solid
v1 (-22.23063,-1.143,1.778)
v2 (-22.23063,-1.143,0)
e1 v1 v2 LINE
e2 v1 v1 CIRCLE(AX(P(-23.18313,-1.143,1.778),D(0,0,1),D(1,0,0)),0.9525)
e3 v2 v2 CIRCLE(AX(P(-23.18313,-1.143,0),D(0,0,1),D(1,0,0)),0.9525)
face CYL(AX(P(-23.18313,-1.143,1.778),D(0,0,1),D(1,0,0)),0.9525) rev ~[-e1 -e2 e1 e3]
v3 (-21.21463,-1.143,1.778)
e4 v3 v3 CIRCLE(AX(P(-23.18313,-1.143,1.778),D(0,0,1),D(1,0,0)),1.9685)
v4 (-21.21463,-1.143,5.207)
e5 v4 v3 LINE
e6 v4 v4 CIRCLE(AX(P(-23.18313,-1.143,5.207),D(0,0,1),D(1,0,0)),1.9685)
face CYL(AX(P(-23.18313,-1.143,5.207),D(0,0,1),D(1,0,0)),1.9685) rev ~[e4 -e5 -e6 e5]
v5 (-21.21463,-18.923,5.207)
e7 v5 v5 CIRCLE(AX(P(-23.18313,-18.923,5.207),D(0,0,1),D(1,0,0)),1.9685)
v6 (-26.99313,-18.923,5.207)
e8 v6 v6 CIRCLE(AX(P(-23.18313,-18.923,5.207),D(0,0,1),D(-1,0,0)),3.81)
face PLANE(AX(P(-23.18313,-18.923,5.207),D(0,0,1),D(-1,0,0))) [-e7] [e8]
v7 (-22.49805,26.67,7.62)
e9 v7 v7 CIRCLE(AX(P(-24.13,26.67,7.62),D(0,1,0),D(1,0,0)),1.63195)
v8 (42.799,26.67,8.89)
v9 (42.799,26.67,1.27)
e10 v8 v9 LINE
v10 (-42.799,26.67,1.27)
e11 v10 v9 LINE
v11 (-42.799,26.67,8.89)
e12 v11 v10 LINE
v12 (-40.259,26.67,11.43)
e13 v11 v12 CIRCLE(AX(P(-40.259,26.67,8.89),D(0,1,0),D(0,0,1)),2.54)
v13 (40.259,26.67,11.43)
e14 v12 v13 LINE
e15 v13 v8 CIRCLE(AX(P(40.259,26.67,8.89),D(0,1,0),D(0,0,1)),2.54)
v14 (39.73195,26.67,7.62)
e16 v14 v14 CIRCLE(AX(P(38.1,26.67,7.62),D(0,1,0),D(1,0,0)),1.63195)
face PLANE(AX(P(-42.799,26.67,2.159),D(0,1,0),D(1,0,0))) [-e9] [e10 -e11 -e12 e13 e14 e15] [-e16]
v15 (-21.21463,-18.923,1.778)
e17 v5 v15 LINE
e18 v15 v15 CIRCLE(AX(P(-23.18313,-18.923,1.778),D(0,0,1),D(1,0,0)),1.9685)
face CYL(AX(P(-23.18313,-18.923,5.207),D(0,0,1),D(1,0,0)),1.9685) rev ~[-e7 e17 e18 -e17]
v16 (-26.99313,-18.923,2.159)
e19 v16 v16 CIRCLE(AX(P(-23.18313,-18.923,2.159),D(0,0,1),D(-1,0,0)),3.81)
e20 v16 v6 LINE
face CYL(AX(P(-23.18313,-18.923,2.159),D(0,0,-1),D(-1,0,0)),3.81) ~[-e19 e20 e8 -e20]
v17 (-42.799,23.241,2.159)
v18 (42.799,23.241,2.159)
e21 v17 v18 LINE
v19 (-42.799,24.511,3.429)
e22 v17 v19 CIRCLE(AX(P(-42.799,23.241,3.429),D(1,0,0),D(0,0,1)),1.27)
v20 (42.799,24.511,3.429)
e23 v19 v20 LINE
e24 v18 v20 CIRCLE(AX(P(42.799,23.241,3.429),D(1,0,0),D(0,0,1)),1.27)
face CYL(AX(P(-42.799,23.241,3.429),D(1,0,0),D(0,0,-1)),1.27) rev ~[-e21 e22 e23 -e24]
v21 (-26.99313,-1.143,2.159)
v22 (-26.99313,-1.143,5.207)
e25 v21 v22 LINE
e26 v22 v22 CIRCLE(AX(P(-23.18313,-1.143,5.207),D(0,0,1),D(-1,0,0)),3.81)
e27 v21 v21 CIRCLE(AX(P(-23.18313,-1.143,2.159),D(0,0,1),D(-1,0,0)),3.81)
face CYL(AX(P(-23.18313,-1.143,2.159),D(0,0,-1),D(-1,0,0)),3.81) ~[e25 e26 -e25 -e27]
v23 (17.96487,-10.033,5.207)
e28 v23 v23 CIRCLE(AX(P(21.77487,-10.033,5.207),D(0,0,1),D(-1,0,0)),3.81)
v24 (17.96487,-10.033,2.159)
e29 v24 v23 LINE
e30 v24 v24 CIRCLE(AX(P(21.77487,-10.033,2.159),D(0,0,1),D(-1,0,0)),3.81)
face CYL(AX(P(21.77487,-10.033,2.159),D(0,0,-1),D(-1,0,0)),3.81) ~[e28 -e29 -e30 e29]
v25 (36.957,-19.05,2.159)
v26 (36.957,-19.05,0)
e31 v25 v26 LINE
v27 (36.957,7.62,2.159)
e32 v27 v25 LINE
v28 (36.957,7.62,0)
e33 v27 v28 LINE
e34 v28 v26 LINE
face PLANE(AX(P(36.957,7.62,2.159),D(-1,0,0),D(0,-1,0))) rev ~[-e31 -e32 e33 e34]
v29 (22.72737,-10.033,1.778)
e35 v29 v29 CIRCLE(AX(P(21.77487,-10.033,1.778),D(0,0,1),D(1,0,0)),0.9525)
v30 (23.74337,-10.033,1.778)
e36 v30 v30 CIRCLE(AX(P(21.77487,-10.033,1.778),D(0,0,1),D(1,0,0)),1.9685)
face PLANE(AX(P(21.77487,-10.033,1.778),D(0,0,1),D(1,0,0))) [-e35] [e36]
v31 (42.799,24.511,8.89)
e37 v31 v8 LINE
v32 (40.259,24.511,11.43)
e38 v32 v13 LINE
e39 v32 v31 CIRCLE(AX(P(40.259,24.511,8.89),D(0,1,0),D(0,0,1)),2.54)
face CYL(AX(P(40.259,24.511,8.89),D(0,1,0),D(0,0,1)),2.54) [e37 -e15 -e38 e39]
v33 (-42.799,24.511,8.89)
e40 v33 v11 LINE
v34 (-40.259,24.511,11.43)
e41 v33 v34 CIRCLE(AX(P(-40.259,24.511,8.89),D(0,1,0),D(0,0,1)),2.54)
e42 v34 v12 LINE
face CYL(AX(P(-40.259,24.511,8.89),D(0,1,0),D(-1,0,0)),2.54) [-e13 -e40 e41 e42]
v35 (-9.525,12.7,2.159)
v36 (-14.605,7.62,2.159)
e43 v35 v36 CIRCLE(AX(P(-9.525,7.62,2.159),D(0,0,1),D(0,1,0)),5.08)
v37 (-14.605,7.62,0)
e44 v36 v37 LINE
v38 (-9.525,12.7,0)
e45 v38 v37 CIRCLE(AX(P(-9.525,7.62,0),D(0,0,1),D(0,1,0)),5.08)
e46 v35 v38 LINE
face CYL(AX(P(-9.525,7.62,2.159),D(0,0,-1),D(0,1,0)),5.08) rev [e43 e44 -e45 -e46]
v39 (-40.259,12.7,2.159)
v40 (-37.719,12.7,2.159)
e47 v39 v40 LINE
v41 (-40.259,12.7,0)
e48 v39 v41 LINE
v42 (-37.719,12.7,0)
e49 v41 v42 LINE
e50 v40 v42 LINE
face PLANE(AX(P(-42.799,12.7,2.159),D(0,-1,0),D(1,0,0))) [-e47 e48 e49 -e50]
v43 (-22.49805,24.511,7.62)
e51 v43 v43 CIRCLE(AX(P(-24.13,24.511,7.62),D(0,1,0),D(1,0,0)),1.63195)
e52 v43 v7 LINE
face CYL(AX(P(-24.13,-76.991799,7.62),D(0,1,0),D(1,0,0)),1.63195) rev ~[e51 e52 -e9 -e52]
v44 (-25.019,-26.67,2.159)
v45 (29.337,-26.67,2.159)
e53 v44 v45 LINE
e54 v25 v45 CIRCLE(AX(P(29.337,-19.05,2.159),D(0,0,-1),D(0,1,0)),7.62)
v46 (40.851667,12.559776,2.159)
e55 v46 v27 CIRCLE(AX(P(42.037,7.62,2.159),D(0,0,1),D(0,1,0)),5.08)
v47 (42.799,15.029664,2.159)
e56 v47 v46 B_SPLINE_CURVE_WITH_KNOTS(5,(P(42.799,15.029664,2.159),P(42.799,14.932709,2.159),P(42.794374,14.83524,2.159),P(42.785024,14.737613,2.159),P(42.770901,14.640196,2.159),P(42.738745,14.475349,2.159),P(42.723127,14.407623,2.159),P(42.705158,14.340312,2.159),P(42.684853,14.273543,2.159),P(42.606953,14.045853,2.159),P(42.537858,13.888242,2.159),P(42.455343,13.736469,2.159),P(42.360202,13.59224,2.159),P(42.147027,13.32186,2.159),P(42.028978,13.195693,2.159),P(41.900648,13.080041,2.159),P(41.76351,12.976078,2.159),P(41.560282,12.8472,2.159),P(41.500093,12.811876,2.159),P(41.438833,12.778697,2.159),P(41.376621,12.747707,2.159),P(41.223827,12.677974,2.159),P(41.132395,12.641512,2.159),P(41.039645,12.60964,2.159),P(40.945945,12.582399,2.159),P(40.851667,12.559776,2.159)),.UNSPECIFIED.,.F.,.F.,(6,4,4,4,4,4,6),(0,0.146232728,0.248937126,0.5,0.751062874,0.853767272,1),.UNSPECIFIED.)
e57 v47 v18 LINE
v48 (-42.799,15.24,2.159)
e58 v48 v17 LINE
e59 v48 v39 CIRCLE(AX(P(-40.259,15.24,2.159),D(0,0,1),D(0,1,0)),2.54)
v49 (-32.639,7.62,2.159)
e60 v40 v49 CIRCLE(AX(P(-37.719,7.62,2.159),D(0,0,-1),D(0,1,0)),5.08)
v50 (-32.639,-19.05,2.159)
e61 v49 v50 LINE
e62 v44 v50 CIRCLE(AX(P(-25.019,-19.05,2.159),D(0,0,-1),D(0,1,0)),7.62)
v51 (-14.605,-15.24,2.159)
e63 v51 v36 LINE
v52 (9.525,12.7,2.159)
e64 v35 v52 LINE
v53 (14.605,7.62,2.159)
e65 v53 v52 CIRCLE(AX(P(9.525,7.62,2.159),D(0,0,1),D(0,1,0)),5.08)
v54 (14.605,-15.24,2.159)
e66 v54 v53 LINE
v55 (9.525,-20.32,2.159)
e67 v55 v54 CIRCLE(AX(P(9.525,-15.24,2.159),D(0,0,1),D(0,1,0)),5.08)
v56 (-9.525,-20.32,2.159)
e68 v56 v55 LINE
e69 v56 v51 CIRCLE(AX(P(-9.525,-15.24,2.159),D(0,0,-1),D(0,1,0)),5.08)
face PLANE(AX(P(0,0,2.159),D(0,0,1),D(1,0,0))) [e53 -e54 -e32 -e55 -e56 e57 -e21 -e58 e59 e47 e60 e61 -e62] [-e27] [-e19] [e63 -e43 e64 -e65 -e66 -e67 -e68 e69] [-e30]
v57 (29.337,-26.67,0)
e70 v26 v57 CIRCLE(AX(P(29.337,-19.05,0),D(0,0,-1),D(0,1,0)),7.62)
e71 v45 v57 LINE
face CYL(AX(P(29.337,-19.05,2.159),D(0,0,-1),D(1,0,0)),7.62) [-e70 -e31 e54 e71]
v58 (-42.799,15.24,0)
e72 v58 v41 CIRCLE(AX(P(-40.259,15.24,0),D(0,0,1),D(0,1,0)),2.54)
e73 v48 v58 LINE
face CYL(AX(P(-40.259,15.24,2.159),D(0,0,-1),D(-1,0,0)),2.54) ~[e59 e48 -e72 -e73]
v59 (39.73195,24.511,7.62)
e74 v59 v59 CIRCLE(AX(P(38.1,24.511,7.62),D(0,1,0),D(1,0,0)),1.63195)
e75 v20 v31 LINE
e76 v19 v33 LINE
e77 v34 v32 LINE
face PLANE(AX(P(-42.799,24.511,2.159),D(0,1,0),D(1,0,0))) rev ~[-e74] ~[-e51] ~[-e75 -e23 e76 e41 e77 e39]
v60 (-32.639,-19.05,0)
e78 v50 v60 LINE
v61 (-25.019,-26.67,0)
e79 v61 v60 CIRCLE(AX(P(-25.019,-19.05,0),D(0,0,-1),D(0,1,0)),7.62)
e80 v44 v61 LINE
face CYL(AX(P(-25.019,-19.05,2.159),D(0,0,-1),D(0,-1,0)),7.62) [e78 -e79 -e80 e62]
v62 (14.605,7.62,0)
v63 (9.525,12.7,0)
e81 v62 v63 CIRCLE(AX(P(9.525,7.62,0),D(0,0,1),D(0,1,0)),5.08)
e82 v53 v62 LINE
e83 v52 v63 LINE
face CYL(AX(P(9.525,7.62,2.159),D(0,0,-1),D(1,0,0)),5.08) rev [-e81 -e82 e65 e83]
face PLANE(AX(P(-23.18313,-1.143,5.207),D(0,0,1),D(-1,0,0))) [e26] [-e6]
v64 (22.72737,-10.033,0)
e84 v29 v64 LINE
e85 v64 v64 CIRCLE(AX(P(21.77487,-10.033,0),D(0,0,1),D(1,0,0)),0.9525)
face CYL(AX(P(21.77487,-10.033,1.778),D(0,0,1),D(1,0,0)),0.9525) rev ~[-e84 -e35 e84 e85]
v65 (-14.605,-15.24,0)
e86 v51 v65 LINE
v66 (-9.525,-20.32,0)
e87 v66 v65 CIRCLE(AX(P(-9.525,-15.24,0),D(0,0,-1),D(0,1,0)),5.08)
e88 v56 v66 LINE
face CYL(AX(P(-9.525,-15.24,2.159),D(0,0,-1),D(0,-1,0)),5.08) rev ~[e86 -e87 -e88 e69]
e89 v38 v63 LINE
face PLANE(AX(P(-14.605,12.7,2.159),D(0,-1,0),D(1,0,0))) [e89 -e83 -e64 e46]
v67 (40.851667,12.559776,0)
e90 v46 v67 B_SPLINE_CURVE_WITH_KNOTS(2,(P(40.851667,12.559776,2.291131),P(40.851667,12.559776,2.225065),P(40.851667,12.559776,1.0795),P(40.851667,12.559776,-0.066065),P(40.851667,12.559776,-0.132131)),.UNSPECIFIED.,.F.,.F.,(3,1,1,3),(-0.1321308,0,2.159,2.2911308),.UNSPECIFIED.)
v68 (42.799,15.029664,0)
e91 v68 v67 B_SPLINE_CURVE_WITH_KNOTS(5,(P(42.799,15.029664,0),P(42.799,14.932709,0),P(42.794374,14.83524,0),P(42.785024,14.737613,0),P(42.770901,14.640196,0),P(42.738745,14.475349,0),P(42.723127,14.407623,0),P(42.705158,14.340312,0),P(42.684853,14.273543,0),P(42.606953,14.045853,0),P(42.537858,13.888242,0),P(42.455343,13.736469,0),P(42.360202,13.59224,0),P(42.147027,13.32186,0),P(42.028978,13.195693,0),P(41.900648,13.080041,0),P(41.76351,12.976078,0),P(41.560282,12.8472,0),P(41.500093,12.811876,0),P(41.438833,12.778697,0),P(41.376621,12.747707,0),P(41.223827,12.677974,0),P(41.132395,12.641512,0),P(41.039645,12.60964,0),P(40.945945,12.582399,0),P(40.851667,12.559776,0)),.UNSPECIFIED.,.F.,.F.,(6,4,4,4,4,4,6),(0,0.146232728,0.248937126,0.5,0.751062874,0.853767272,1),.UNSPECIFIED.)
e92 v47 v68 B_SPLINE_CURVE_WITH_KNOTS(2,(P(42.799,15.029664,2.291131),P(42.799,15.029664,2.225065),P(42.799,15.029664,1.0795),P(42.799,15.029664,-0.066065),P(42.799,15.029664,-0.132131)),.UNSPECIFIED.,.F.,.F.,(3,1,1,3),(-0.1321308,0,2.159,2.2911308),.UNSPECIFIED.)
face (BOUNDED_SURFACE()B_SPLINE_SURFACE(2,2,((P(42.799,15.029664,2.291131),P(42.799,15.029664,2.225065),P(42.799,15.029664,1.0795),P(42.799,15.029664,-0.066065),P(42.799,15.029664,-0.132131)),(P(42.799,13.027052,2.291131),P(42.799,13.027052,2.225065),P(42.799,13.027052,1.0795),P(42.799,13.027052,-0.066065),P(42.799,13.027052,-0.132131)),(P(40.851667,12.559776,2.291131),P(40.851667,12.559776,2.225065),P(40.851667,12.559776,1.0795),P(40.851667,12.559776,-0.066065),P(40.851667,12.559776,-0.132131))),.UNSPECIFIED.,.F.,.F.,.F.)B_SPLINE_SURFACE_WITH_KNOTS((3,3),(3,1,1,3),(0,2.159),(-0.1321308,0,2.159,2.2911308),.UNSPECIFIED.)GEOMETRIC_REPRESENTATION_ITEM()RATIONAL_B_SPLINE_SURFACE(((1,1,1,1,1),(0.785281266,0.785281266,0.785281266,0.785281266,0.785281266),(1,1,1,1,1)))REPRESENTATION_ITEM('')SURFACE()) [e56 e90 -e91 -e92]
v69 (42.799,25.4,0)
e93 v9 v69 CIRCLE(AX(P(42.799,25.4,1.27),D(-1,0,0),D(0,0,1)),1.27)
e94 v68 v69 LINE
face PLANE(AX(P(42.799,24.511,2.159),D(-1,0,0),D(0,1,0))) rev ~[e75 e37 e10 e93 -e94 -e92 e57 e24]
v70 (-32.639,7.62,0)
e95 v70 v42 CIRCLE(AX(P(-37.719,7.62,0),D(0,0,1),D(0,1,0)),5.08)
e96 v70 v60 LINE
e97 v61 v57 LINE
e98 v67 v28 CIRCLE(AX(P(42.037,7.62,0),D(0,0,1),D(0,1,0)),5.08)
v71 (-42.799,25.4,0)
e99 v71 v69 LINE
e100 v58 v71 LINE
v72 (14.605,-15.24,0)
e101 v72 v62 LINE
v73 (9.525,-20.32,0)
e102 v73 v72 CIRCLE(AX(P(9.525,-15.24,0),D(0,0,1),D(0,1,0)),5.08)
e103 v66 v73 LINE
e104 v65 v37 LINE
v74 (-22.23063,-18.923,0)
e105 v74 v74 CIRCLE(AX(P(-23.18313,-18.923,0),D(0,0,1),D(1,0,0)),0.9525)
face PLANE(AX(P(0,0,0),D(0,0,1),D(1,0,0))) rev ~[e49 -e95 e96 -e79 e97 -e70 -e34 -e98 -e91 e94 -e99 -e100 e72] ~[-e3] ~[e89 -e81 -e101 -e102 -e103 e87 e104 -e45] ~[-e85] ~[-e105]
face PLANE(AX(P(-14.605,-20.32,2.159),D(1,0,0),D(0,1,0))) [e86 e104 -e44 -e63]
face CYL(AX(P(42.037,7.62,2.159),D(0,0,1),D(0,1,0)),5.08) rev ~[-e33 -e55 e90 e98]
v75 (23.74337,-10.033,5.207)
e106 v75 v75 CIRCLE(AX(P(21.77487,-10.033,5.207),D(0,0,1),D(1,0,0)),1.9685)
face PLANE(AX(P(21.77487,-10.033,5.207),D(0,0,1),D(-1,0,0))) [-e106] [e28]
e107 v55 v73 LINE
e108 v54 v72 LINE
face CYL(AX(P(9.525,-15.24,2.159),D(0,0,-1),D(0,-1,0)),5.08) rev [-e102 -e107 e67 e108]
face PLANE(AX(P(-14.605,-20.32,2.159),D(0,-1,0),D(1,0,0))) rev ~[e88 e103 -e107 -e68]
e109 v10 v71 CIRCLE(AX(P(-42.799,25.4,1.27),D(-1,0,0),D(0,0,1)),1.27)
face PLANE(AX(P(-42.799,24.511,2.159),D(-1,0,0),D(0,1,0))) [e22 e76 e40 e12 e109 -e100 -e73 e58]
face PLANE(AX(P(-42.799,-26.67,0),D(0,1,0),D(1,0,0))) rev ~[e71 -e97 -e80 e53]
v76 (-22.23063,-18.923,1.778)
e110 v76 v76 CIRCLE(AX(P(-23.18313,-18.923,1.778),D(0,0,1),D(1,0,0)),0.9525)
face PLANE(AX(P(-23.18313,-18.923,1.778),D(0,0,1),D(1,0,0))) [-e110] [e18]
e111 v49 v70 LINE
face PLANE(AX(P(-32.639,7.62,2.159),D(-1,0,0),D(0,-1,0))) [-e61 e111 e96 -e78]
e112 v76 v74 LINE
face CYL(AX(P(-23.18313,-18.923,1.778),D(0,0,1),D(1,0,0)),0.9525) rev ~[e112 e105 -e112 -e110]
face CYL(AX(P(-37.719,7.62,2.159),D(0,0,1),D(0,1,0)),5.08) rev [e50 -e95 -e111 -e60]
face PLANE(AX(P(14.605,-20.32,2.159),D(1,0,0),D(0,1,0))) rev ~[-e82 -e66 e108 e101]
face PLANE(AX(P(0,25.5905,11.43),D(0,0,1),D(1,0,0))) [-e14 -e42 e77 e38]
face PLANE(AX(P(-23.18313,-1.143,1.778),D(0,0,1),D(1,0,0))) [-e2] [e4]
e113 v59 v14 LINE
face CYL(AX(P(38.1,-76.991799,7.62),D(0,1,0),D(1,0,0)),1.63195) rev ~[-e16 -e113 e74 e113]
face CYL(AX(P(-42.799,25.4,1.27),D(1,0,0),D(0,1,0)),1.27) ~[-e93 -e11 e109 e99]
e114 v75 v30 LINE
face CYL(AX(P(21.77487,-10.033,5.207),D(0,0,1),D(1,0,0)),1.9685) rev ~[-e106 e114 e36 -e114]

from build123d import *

# Parameters (mm, degrees)
SKETCH1_W             = 85.598
SKETCH1_H             = 53.34
BOSS_EXTRUDE1_DEPTH   = 2.159
SKETCH2_W             = 85.598
SKETCH2_H             = 2.159
BOSS_EXTRUDE2_DEPTH   = 9.271
FILLET1_R             = 1.27
FILLET2_R             = 1.27
FILLET3_R             = 2.54
SKETCH3_W             = 29.21
SKETCH3_H             = 33.02
CUT_EXTRUDE1_DEPTH    = 52.273723699
FILLET5_R             = 5.08
F_4_CLEARANCE_HOLE1_D = 3.2639
SKETCH18_R            = 3.81
BOSS_EXTRUDE6_DEPTH   = 3.048
SKETCH19_R            = 1.9685
CUT_EXTRUDE7_DEPTH    = 3.429
SKETCH20_R            = 0.9525
CUT_EXTRUDE8_DEPTH    = 52.343981195
CUT_EXTRUDE9_DEPTH    = 52.273723699
FILLET6_R             = 2.54
FILLET7_R             = 7.62
CUT_EXTRUDE10_DEPTH   = 52.273723699
FILLET8_R             = 2.54
FILLET9_R             = 7.62


with BuildPart() as part:
    # Sketch1 → Boss-Extrude1 (new body)
    with BuildSketch(Plane.XY):
        Rectangle(SKETCH1_W, SKETCH1_H)
    extrude(amount=BOSS_EXTRUDE1_DEPTH)

    # Sketch2 → Boss-Extrude2 (add)
    with BuildSketch(Plane.XY.offset(2.159)):
        with Locations((0, 25.5905)):
            Rectangle(SKETCH2_W, SKETCH2_H)
    extrude(amount=BOSS_EXTRUDE2_DEPTH)

    # Fillet1
    fillet1_edges = [part.edges().sort_by_distance(p)[0] for p in [
        (0, 24.511, 2.159),
    ]]
    fillet(fillet1_edges, radius=FILLET1_R)

    # Fillet2
    fillet2_edges = [part.edges().sort_by_distance(p)[0] for p in [
        (0, 26.67, 0),
    ]]
    fillet(fillet2_edges, radius=FILLET2_R)

    # Fillet3
    fillet3_edges = [part.edges().sort_by_distance(p)[0] for p in [
        (42.799, 25.5905, 11.43),
        (-42.799, 25.5905, 11.43),
    ]]
    fillet(fillet3_edges, radius=FILLET3_R)

    # Sketch3 → Cut-Extrude1 (cut, through all)
    with BuildSketch(Plane.XY.offset(2.159)):
        with Locations((0, -3.81)):
            Rectangle(SKETCH3_W, SKETCH3_H)
    extrude(amount=-CUT_EXTRUDE1_DEPTH, mode=Mode.SUBTRACT)

    # Fillet5
    fillet5_edges = [part.edges().sort_by_distance(p)[0] for p in [
        (-14.605, -20.32, 1.0795),
        (-14.605, 12.7, 1.0795),
        (14.605, 12.7, 1.0795),
        (14.605, -20.32, 1.0795),
    ]]
    fillet(fillet5_edges, radius=FILLET5_R)

    # #4 Clearance Hole1 (through all)
    with Locations(Plane(origin=(0, 24.511, 0), x_dir=(-1, 0, 0), z_dir=(0, -1, 0))):
        with Locations((-38.1, -7.62), (24.13, -7.62)):
            Hole(F_4_CLEARANCE_HOLE1_D / 2)

    # Sketch18 → Boss-Extrude6 (add)
    with BuildSketch(Plane.XY.offset(2.159)):
        with Locations(Location((-23.18312986, -1.143, 0), (0, 0, 180))):
            Circle(SKETCH18_R)
        with Locations(Location((-23.18312986, -18.923, 0), (0, 0, 180))):
            Circle(SKETCH18_R)
        with Locations(Location((21.77487014, -10.033, 0), (0, 0, 180))):
            Circle(SKETCH18_R)
    extrude(amount=BOSS_EXTRUDE6_DEPTH)

    # Sketch19 → Cut-Extrude7 (cut)
    with BuildSketch(Plane.XY.offset(5.207)):
        with Locations((-23.18312986, -18.923)):
            Circle(SKETCH19_R)
        with Locations((21.77487014, -10.033)):
            Circle(SKETCH19_R)
        with Locations((-23.18312986, -1.143)):
            Circle(SKETCH19_R)
    extrude(amount=-CUT_EXTRUDE7_DEPTH, mode=Mode.SUBTRACT)

    # Sketch20 → Cut-Extrude8 (cut, through all)
    with BuildSketch(Plane.XY.offset(1.778)):
        with Locations((-23.18312986, -1.143)):
            Circle(SKETCH20_R)
        with Locations((-23.18312986, -18.923)):
            Circle(SKETCH20_R)
        with Locations((21.77487014, -10.033)):
            Circle(SKETCH20_R)
    extrude(amount=-CUT_EXTRUDE8_DEPTH, mode=Mode.SUBTRACT)

    # Sketch21 → Cut-Extrude9 (cut, through all)
    with BuildSketch(Plane.XY.offset(2.159)):
        with BuildLine():
            Line((-42.799, 12.7), (-37.719, 12.7))
            ThreePointArc((-37.719, 12.7), (-34.126897552, 11.212102448), (-32.639, 7.62))
            Line((-32.639, 7.62), (-32.639, -26.67))
            Line((-32.639, -26.67), (-42.799, -26.67))
            Line((-42.799, -26.67), (-42.799, 12.7))
        make_face()
    extrude(amount=-CUT_EXTRUDE9_DEPTH, mode=Mode.SUBTRACT)

    # Fillet6
    fillet6_edges = [part.edges().sort_by_distance(p)[0] for p in [
        (-42.799, 12.7, 1.0795),
    ]]
    fillet(fillet6_edges, radius=FILLET6_R)

    # Fillet7
    fillet7_edges = [part.edges().sort_by_distance(p)[0] for p in [
        (-32.639, -26.67, 1.0795),
    ]]
    fillet(fillet7_edges, radius=FILLET7_R)

    # Sketch22 → Cut-Extrude10 (cut, through all)
    with BuildSketch(Plane.XY.offset(2.159)):
        with BuildLine():
            Line((42.799, 12.7), (42.037, 12.7))
            ThreePointArc((42.037, 12.7), (38.444897552, 11.212102448), (36.957, 7.62))
            Line((36.957, 7.62), (36.957, -26.67))
            Line((36.957, -26.67), (42.799, -26.67))
            Line((42.799, -26.67), (42.799, 12.7))
        make_face()
    extrude(amount=-CUT_EXTRUDE10_DEPTH, mode=Mode.SUBTRACT)

    # Fillet8
    fillet8_edges = [part.edges().sort_by_distance(p)[0] for p in [
        (42.799, 12.7, 1.0795),
    ]]
    fillet(fillet8_edges, radius=FILLET8_R)

    # Fillet9
    fillet9_edges = [part.edges().sort_by_distance(p)[0] for p in [
        (36.957, -26.67, 1.0795),
    ]]
    fillet(fillet9_edges, radius=FILLET9_R)


solid = part.part
